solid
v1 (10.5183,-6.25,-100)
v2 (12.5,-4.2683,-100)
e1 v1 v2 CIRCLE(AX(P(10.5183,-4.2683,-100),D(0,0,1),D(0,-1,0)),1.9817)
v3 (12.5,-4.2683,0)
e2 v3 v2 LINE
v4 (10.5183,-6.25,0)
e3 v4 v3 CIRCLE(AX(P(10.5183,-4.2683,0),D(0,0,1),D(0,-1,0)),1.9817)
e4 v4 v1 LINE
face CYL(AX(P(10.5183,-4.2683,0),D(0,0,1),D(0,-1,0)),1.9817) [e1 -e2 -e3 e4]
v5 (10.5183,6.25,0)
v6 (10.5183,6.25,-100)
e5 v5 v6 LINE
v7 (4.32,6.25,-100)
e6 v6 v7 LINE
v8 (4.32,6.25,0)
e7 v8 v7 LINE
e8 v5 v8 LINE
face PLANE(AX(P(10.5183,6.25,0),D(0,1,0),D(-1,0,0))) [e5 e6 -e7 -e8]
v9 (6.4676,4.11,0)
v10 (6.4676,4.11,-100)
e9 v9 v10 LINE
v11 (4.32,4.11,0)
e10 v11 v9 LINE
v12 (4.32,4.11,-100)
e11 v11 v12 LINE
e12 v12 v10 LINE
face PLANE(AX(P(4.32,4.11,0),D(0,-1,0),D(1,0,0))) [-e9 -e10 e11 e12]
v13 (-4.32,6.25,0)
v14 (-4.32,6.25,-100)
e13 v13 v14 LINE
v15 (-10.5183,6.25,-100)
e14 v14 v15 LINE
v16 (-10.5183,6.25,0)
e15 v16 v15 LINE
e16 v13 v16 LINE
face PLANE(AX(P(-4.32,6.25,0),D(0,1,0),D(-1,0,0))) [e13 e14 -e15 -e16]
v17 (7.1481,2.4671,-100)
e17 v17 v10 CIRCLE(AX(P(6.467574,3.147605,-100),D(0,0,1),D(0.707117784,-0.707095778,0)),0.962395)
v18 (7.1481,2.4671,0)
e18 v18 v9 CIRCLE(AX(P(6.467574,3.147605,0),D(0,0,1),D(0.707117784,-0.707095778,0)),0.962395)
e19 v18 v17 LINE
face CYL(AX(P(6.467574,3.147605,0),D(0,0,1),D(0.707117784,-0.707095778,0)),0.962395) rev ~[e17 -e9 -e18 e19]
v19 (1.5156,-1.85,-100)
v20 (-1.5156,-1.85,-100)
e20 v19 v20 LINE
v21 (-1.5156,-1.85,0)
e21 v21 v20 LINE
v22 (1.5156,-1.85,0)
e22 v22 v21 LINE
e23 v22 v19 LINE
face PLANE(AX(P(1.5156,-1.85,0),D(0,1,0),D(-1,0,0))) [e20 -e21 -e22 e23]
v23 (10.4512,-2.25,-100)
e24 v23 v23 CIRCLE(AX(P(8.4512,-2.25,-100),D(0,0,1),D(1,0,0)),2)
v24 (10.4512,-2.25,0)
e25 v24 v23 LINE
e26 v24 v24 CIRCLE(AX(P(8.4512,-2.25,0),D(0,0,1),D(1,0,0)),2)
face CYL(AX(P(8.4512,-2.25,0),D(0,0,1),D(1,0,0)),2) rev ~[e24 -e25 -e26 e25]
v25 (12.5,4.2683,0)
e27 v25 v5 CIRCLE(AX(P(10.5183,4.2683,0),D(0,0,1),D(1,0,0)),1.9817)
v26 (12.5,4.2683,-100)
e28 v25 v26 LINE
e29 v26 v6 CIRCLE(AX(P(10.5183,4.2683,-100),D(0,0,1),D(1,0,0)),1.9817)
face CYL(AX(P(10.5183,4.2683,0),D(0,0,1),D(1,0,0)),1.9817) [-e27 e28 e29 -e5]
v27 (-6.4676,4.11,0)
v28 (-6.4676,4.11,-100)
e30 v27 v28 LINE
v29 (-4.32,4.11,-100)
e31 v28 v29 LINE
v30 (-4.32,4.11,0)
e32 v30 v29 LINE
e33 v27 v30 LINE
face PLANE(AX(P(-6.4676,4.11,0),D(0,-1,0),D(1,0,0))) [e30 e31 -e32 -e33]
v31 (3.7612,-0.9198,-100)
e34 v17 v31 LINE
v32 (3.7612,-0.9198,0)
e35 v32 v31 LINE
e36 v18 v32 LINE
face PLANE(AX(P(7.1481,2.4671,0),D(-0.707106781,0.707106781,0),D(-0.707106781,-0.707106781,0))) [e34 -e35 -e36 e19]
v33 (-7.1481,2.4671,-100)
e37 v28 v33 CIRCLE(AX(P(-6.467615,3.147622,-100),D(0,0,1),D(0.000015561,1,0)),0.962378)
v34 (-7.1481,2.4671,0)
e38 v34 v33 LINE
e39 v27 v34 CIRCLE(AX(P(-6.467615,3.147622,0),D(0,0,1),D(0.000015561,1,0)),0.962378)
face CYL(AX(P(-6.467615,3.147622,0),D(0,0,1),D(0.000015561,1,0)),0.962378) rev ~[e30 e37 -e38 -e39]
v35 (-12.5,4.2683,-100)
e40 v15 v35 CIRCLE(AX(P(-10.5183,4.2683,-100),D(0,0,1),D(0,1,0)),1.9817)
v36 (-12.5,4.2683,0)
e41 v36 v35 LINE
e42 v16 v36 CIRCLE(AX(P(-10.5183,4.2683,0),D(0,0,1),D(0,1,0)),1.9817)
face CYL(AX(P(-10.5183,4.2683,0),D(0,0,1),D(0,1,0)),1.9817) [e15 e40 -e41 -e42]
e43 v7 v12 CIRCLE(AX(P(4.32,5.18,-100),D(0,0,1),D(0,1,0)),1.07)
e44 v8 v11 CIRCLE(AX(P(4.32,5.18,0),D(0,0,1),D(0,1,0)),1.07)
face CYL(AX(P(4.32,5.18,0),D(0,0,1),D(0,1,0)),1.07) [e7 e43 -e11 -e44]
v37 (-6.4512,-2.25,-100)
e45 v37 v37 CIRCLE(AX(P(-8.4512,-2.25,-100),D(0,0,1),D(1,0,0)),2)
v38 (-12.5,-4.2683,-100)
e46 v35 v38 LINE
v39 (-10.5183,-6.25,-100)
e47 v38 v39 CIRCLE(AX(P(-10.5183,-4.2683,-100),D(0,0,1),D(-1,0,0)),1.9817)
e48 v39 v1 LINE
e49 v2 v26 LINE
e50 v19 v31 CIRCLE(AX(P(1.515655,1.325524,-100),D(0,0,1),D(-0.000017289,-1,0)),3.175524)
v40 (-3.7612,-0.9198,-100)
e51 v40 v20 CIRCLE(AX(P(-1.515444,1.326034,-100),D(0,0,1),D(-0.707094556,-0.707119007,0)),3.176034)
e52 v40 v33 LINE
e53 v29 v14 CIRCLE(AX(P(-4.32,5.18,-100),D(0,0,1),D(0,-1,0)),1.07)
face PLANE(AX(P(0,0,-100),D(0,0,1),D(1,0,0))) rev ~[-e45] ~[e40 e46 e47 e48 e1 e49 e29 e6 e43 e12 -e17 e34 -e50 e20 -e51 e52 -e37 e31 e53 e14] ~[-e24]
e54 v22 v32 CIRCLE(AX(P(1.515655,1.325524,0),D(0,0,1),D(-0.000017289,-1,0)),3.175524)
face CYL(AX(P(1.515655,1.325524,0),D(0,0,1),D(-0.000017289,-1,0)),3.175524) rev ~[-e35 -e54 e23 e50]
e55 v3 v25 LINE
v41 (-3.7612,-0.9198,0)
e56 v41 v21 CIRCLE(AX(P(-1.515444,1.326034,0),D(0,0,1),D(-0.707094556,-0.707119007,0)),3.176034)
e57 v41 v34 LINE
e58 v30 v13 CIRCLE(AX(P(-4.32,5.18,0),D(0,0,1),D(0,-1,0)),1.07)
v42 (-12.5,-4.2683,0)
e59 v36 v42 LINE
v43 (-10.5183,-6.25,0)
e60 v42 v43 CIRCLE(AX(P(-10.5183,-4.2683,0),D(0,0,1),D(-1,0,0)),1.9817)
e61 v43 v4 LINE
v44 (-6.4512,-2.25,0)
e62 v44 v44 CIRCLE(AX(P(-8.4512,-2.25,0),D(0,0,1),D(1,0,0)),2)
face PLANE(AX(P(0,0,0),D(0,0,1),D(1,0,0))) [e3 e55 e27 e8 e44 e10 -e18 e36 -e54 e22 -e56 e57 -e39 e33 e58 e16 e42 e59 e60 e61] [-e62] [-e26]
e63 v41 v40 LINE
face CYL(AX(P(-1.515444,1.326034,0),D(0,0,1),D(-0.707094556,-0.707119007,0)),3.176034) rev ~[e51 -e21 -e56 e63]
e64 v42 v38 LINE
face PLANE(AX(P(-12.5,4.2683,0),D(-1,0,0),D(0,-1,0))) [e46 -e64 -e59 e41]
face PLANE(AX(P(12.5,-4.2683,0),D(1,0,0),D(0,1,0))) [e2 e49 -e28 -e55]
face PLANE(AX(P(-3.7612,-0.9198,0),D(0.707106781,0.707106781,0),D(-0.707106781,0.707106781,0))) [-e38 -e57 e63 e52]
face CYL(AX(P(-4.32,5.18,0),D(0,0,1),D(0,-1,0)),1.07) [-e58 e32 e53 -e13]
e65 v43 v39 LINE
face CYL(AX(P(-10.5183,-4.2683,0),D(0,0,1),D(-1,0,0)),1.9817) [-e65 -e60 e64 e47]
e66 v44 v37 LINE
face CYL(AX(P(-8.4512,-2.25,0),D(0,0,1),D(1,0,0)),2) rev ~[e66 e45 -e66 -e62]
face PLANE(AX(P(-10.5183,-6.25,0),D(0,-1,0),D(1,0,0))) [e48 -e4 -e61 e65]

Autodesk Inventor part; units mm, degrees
ref_plane "YZ Plane" through (0, 0, 0) normal (1, 0, 0) x (0, 1, 0)
ref_plane "XZ Plane" through (0, 0, 0) normal (0, 1, 0) x (-1, 0, 0)
ref_plane "XY Plane" through (0, 0, 0) normal (0, 0, 1) x (1, 0, 0)
sketch "Sketch1" plane through (0, 0, 0) normal (0, 0, 1) x (1, 0, 0)
  circle A0 centre (-8.4512, -2.25) radius 2
  circle A1 centre (8.4512, -2.25) radius 2
  arc A2 (-10.5183, 6.25) -> (-12.5, 4.2683) centre (-10.5183, 4.2683) ccw
  line L0 (-12.5, 4.2683) -> (-12.5, -4.2683)
  arc A3 (-12.5, -4.2683) -> (-10.5183, -6.25) centre (-10.5183, -4.2683) ccw
  line L1 (-10.5183, -6.25) -> (10.5183, -6.25)
  arc A4 (10.5183, -6.25) -> (12.5, -4.2683) centre (10.5183, -4.2683) ccw
  line L2 (12.5, -4.2683) -> (12.5, 4.2683)
  arc A5 (12.5, 4.2683) -> (10.5183, 6.25) centre (10.5183, 4.2683) ccw
  line L3 (10.5183, 6.25) -> (4.32, 6.25)
  arc A6 (4.32, 6.25) -> (4.32, 4.11) centre (4.32, 5.18) ccw
  line L4 (4.32, 4.11) -> (6.4676, 4.11)
  arc A7 (7.1481, 2.4671) -> (6.4676, 4.11) centre (6.4676, 3.1476) ccw
  line L5 (7.1481, 2.4671) -> (3.7612, -0.9198)
  arc A8 (1.5156, -1.85) -> (3.7612, -0.9198) centre (1.5156, 1.3258) ccw
  line L6 (1.5156, -1.85) -> (-1.5156, -1.85)
  arc A9 (-3.7612, -0.9198) -> (-1.5156, -1.85) centre (-1.5156, 1.3258) ccw
  line L7 (-3.7612, -0.9198) -> (-7.1481, 2.4671)
  arc A10 (-6.4676, 4.11) -> (-7.1481, 2.4671) centre (-6.4676, 3.1476) ccw
  line L8 (-6.4676, 4.11) -> (-4.32, 4.11)
  arc A11 (-4.32, 4.11) -> (-4.32, 6.25) centre (-4.32, 5.18) ccw
  line L9 (-4.32, 6.25) -> (-10.5183, 6.25)
  point P0 (0, 0)
extrude "Extrusion1" add sketch "Sketch1" against normal blind 100
properties part number "25-2514-BLACK-FB"
